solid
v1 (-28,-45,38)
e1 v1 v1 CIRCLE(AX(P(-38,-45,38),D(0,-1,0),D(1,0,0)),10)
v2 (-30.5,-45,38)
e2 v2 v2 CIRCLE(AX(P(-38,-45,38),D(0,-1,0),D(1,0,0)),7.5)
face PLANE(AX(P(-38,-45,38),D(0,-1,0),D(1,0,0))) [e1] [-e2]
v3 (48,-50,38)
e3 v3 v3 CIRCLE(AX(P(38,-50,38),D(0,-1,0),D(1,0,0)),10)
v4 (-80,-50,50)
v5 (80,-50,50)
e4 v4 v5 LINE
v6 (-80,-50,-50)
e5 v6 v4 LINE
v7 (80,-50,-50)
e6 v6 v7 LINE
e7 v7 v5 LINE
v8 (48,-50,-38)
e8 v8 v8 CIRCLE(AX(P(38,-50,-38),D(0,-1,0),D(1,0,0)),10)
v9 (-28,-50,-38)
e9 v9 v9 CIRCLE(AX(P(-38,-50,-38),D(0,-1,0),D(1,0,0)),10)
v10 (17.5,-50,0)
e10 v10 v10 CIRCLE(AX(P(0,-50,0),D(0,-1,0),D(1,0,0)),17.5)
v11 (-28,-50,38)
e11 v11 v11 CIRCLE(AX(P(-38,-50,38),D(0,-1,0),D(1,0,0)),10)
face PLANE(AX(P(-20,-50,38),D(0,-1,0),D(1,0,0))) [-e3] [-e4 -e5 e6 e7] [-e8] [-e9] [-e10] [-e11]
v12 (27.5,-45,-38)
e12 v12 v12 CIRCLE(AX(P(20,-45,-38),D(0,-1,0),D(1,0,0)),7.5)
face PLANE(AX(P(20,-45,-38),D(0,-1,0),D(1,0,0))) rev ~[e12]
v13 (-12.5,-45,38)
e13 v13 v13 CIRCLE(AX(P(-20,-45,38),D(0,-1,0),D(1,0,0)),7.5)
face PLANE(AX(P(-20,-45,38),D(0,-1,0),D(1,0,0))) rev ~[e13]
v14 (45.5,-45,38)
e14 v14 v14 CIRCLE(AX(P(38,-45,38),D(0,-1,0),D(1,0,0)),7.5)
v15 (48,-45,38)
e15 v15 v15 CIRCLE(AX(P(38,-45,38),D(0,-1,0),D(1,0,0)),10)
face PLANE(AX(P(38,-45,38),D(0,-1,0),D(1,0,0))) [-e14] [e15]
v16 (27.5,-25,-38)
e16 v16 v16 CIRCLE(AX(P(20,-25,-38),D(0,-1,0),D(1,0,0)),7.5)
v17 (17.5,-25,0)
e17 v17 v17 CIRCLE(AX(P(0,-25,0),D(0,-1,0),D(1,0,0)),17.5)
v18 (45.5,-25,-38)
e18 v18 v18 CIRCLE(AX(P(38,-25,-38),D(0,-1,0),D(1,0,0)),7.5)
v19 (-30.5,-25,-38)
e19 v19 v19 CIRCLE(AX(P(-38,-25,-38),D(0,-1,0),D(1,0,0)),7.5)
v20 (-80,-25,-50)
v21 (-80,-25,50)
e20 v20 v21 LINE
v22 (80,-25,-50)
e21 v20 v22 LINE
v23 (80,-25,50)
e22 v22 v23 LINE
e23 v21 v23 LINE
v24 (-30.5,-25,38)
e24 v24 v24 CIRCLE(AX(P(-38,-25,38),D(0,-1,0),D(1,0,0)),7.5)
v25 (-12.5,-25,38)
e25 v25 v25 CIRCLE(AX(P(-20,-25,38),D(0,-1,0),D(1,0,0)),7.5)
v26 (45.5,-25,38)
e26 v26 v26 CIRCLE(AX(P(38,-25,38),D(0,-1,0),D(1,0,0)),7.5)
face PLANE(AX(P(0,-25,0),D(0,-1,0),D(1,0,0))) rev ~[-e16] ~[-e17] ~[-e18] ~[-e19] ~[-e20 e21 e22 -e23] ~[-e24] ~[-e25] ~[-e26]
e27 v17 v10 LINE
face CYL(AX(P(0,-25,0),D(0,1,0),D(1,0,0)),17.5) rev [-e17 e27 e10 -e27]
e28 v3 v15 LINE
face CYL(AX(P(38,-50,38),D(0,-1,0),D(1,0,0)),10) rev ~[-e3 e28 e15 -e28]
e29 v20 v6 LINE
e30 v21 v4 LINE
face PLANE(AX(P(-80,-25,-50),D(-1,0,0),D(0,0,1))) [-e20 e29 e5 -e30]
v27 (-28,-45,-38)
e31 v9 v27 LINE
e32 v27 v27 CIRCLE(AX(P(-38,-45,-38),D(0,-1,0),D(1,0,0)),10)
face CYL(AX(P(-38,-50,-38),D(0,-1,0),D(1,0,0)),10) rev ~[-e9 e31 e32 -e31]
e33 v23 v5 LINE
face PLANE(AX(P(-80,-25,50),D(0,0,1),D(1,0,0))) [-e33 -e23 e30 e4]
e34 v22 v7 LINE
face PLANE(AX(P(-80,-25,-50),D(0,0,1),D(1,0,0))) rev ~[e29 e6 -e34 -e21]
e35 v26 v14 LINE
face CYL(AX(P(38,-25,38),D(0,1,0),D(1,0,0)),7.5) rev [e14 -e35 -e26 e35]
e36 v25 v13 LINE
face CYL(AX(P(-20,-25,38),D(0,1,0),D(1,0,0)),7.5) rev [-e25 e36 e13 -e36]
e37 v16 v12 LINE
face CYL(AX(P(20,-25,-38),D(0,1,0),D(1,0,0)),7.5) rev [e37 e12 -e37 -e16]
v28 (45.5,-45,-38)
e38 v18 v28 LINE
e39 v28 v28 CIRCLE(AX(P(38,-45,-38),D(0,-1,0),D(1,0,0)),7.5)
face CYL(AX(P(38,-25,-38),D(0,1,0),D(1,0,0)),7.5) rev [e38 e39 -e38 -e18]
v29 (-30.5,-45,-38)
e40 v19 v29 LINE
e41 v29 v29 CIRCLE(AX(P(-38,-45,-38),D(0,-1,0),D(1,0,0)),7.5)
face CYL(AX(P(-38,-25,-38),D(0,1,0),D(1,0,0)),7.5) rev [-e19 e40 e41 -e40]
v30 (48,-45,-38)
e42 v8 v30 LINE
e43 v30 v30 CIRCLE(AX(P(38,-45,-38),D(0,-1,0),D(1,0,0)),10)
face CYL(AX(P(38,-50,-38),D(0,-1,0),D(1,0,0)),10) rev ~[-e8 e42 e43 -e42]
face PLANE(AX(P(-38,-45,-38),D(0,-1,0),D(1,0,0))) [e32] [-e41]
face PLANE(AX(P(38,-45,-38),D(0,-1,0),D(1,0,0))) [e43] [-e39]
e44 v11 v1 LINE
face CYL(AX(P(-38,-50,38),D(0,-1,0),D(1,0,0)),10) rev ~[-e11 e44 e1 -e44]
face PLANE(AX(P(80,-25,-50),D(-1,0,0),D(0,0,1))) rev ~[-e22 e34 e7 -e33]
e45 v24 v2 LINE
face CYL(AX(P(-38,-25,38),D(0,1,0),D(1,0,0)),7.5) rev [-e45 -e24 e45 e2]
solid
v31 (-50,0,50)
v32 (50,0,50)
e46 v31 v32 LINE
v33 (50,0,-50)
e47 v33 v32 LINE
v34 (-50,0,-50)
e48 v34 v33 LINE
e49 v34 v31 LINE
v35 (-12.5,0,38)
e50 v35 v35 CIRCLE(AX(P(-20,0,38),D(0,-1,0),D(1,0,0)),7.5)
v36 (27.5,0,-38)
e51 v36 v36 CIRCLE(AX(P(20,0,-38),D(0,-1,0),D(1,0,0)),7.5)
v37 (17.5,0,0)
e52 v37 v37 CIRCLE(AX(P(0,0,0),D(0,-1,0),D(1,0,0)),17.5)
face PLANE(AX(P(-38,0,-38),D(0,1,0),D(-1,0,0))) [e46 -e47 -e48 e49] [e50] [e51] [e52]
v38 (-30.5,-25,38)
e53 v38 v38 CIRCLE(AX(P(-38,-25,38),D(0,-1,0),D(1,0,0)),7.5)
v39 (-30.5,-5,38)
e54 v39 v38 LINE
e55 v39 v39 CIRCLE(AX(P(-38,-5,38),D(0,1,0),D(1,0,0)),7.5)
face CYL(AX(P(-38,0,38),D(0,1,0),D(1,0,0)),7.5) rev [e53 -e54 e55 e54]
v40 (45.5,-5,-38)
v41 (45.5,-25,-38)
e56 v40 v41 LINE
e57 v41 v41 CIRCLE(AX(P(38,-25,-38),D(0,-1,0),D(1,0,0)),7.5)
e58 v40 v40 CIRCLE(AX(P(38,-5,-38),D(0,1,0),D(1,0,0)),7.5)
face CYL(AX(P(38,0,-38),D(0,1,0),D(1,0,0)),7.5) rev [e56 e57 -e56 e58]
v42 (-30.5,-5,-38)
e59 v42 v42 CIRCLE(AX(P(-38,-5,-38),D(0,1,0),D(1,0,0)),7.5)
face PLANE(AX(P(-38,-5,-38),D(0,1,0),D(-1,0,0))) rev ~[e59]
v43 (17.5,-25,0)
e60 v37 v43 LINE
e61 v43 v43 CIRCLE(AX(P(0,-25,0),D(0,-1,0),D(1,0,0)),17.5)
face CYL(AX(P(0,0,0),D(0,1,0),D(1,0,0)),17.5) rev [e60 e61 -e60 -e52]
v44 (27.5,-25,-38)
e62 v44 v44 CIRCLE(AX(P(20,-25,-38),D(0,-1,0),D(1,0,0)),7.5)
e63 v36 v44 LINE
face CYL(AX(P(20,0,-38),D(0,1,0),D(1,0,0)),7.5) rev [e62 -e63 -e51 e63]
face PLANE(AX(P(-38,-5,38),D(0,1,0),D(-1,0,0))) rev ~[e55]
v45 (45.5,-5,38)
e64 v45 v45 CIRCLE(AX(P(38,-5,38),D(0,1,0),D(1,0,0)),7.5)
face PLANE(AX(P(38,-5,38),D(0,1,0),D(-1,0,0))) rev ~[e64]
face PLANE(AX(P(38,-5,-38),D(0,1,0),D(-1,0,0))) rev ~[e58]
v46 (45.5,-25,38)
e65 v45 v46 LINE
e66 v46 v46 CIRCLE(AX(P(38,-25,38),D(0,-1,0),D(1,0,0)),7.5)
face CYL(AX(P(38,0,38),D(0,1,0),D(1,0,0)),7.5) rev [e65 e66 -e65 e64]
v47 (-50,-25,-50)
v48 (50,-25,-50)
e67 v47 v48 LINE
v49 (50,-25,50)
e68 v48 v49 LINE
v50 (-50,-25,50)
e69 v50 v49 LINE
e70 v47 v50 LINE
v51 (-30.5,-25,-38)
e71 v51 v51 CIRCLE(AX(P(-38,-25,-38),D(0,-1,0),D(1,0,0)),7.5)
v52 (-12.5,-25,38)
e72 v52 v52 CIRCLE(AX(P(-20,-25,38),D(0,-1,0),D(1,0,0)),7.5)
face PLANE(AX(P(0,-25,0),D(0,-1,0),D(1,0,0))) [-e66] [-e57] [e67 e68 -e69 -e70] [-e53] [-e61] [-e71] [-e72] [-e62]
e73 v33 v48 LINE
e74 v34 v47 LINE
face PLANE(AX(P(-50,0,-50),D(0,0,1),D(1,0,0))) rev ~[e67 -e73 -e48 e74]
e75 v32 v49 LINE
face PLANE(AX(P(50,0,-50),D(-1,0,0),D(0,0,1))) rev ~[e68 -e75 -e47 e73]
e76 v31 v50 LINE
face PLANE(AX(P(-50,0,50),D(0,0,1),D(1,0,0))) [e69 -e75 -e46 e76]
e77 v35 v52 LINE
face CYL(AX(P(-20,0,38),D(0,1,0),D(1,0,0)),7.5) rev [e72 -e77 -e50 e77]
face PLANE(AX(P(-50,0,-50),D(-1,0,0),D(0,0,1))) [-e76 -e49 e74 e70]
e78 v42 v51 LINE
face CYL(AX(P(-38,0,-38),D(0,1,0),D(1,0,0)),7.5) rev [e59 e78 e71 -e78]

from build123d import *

# Parameters (mm, degrees)
F0_W     = 100
F0_H     = 100
F0_R     = 7.5
F0_R_2   = 17.5
F1_DEPTH = 25
F2_W     = 160
F2_H     = 100
F2_R     = 7.5
F2_R_2   = 17.5
F3_DEPTH = 25
F4_R     = 7.5
F5_DEPTH = 5
F6_R     = 7.5
F7_DEPTH = 5
F8_R     = 10
F8_R_2   = 7.5
F9_DEPTH = 5


with BuildPart() as f1:
    # F0 (on Front) → F1 (new body)
    with BuildSketch(Plane.XZ):
        Rectangle(F0_W, F0_H)
        with Locations((-38, -38)):
            Circle(F0_R, mode=Mode.SUBTRACT)
        with Locations((20, -38)):
            Circle(F0_R, mode=Mode.SUBTRACT)
        with Locations((38, -38)):
            Circle(F0_R, mode=Mode.SUBTRACT)
        with Locations((-38, 38)):
            Circle(F0_R, mode=Mode.SUBTRACT)
        with Locations((-20, 38)):
            Circle(F0_R, mode=Mode.SUBTRACT)
        Circle(F0_R_2, mode=Mode.SUBTRACT)
        with Locations((38, 38)):
            Circle(F0_R, mode=Mode.SUBTRACT)
    extrude(amount=F1_DEPTH)

    # F6 (on face) → F7 (join)
    with BuildSketch(Plane(origin=(0, 0, 0), x_dir=(-1, 0, 0), z_dir=(0, 1, 0))):
        with Locations((38, -38)):
            Circle(F6_R)
        with Locations((-38, -38)):
            Circle(F6_R)
        with Locations((-38, 38)):
            Circle(F6_R)
        with Locations((38, 38)):
            Circle(F6_R)
    extrude(amount=-F7_DEPTH)


with BuildPart() as f3:
    # F2 (on face) → F3 (new body)
    with BuildSketch(Plane.XZ.offset(25)):
        Rectangle(F2_W, F2_H)
        with Locations((-38, -38)):
            Circle(F2_R, mode=Mode.SUBTRACT)
        with Locations((20, -38)):
            Circle(F2_R, mode=Mode.SUBTRACT)
        with Locations((38, -38)):
            Circle(F2_R, mode=Mode.SUBTRACT)
        with Locations((-38, 38)):
            Circle(F2_R, mode=Mode.SUBTRACT)
        with Locations((-20, 38)):
            Circle(F2_R, mode=Mode.SUBTRACT)
        Circle(F2_R_2, mode=Mode.SUBTRACT)
        with Locations((38, 38)):
            Circle(F2_R, mode=Mode.SUBTRACT)
    extrude(amount=F3_DEPTH)

    # F4 (on face) → F5 (join)
    with BuildSketch(Plane.XZ.offset(50)):
        with Locations((-20, 38)):
            Circle(F4_R)
        with Locations((20, -38)):
            Circle(F4_R)
    extrude(amount=-F5_DEPTH)

    # F8 (on face) → F9 (cut)
    with BuildSketch(Plane.XZ.offset(50)):
        with Locations((38, -38)):
            Circle(F8_R)
        with Locations((38, -38)):
            Circle(F8_R_2, mode=Mode.SUBTRACT)
        with Locations((38, 38)):
            Circle(F8_R)
        with Locations((38, 38)):
            Circle(F8_R_2, mode=Mode.SUBTRACT)
        with Locations((-38, 38)):
            Circle(F8_R)
        with Locations((-38, 38)):
            Circle(F8_R_2, mode=Mode.SUBTRACT)
        with Locations((-38, -38)):
            Circle(F8_R)
        with Locations((-38, -38)):
            Circle(F8_R_2, mode=Mode.SUBTRACT)
    extrude(amount=-F9_DEPTH, mode=Mode.SUBTRACT)


solid = Compound([f1.part, f3.part])
